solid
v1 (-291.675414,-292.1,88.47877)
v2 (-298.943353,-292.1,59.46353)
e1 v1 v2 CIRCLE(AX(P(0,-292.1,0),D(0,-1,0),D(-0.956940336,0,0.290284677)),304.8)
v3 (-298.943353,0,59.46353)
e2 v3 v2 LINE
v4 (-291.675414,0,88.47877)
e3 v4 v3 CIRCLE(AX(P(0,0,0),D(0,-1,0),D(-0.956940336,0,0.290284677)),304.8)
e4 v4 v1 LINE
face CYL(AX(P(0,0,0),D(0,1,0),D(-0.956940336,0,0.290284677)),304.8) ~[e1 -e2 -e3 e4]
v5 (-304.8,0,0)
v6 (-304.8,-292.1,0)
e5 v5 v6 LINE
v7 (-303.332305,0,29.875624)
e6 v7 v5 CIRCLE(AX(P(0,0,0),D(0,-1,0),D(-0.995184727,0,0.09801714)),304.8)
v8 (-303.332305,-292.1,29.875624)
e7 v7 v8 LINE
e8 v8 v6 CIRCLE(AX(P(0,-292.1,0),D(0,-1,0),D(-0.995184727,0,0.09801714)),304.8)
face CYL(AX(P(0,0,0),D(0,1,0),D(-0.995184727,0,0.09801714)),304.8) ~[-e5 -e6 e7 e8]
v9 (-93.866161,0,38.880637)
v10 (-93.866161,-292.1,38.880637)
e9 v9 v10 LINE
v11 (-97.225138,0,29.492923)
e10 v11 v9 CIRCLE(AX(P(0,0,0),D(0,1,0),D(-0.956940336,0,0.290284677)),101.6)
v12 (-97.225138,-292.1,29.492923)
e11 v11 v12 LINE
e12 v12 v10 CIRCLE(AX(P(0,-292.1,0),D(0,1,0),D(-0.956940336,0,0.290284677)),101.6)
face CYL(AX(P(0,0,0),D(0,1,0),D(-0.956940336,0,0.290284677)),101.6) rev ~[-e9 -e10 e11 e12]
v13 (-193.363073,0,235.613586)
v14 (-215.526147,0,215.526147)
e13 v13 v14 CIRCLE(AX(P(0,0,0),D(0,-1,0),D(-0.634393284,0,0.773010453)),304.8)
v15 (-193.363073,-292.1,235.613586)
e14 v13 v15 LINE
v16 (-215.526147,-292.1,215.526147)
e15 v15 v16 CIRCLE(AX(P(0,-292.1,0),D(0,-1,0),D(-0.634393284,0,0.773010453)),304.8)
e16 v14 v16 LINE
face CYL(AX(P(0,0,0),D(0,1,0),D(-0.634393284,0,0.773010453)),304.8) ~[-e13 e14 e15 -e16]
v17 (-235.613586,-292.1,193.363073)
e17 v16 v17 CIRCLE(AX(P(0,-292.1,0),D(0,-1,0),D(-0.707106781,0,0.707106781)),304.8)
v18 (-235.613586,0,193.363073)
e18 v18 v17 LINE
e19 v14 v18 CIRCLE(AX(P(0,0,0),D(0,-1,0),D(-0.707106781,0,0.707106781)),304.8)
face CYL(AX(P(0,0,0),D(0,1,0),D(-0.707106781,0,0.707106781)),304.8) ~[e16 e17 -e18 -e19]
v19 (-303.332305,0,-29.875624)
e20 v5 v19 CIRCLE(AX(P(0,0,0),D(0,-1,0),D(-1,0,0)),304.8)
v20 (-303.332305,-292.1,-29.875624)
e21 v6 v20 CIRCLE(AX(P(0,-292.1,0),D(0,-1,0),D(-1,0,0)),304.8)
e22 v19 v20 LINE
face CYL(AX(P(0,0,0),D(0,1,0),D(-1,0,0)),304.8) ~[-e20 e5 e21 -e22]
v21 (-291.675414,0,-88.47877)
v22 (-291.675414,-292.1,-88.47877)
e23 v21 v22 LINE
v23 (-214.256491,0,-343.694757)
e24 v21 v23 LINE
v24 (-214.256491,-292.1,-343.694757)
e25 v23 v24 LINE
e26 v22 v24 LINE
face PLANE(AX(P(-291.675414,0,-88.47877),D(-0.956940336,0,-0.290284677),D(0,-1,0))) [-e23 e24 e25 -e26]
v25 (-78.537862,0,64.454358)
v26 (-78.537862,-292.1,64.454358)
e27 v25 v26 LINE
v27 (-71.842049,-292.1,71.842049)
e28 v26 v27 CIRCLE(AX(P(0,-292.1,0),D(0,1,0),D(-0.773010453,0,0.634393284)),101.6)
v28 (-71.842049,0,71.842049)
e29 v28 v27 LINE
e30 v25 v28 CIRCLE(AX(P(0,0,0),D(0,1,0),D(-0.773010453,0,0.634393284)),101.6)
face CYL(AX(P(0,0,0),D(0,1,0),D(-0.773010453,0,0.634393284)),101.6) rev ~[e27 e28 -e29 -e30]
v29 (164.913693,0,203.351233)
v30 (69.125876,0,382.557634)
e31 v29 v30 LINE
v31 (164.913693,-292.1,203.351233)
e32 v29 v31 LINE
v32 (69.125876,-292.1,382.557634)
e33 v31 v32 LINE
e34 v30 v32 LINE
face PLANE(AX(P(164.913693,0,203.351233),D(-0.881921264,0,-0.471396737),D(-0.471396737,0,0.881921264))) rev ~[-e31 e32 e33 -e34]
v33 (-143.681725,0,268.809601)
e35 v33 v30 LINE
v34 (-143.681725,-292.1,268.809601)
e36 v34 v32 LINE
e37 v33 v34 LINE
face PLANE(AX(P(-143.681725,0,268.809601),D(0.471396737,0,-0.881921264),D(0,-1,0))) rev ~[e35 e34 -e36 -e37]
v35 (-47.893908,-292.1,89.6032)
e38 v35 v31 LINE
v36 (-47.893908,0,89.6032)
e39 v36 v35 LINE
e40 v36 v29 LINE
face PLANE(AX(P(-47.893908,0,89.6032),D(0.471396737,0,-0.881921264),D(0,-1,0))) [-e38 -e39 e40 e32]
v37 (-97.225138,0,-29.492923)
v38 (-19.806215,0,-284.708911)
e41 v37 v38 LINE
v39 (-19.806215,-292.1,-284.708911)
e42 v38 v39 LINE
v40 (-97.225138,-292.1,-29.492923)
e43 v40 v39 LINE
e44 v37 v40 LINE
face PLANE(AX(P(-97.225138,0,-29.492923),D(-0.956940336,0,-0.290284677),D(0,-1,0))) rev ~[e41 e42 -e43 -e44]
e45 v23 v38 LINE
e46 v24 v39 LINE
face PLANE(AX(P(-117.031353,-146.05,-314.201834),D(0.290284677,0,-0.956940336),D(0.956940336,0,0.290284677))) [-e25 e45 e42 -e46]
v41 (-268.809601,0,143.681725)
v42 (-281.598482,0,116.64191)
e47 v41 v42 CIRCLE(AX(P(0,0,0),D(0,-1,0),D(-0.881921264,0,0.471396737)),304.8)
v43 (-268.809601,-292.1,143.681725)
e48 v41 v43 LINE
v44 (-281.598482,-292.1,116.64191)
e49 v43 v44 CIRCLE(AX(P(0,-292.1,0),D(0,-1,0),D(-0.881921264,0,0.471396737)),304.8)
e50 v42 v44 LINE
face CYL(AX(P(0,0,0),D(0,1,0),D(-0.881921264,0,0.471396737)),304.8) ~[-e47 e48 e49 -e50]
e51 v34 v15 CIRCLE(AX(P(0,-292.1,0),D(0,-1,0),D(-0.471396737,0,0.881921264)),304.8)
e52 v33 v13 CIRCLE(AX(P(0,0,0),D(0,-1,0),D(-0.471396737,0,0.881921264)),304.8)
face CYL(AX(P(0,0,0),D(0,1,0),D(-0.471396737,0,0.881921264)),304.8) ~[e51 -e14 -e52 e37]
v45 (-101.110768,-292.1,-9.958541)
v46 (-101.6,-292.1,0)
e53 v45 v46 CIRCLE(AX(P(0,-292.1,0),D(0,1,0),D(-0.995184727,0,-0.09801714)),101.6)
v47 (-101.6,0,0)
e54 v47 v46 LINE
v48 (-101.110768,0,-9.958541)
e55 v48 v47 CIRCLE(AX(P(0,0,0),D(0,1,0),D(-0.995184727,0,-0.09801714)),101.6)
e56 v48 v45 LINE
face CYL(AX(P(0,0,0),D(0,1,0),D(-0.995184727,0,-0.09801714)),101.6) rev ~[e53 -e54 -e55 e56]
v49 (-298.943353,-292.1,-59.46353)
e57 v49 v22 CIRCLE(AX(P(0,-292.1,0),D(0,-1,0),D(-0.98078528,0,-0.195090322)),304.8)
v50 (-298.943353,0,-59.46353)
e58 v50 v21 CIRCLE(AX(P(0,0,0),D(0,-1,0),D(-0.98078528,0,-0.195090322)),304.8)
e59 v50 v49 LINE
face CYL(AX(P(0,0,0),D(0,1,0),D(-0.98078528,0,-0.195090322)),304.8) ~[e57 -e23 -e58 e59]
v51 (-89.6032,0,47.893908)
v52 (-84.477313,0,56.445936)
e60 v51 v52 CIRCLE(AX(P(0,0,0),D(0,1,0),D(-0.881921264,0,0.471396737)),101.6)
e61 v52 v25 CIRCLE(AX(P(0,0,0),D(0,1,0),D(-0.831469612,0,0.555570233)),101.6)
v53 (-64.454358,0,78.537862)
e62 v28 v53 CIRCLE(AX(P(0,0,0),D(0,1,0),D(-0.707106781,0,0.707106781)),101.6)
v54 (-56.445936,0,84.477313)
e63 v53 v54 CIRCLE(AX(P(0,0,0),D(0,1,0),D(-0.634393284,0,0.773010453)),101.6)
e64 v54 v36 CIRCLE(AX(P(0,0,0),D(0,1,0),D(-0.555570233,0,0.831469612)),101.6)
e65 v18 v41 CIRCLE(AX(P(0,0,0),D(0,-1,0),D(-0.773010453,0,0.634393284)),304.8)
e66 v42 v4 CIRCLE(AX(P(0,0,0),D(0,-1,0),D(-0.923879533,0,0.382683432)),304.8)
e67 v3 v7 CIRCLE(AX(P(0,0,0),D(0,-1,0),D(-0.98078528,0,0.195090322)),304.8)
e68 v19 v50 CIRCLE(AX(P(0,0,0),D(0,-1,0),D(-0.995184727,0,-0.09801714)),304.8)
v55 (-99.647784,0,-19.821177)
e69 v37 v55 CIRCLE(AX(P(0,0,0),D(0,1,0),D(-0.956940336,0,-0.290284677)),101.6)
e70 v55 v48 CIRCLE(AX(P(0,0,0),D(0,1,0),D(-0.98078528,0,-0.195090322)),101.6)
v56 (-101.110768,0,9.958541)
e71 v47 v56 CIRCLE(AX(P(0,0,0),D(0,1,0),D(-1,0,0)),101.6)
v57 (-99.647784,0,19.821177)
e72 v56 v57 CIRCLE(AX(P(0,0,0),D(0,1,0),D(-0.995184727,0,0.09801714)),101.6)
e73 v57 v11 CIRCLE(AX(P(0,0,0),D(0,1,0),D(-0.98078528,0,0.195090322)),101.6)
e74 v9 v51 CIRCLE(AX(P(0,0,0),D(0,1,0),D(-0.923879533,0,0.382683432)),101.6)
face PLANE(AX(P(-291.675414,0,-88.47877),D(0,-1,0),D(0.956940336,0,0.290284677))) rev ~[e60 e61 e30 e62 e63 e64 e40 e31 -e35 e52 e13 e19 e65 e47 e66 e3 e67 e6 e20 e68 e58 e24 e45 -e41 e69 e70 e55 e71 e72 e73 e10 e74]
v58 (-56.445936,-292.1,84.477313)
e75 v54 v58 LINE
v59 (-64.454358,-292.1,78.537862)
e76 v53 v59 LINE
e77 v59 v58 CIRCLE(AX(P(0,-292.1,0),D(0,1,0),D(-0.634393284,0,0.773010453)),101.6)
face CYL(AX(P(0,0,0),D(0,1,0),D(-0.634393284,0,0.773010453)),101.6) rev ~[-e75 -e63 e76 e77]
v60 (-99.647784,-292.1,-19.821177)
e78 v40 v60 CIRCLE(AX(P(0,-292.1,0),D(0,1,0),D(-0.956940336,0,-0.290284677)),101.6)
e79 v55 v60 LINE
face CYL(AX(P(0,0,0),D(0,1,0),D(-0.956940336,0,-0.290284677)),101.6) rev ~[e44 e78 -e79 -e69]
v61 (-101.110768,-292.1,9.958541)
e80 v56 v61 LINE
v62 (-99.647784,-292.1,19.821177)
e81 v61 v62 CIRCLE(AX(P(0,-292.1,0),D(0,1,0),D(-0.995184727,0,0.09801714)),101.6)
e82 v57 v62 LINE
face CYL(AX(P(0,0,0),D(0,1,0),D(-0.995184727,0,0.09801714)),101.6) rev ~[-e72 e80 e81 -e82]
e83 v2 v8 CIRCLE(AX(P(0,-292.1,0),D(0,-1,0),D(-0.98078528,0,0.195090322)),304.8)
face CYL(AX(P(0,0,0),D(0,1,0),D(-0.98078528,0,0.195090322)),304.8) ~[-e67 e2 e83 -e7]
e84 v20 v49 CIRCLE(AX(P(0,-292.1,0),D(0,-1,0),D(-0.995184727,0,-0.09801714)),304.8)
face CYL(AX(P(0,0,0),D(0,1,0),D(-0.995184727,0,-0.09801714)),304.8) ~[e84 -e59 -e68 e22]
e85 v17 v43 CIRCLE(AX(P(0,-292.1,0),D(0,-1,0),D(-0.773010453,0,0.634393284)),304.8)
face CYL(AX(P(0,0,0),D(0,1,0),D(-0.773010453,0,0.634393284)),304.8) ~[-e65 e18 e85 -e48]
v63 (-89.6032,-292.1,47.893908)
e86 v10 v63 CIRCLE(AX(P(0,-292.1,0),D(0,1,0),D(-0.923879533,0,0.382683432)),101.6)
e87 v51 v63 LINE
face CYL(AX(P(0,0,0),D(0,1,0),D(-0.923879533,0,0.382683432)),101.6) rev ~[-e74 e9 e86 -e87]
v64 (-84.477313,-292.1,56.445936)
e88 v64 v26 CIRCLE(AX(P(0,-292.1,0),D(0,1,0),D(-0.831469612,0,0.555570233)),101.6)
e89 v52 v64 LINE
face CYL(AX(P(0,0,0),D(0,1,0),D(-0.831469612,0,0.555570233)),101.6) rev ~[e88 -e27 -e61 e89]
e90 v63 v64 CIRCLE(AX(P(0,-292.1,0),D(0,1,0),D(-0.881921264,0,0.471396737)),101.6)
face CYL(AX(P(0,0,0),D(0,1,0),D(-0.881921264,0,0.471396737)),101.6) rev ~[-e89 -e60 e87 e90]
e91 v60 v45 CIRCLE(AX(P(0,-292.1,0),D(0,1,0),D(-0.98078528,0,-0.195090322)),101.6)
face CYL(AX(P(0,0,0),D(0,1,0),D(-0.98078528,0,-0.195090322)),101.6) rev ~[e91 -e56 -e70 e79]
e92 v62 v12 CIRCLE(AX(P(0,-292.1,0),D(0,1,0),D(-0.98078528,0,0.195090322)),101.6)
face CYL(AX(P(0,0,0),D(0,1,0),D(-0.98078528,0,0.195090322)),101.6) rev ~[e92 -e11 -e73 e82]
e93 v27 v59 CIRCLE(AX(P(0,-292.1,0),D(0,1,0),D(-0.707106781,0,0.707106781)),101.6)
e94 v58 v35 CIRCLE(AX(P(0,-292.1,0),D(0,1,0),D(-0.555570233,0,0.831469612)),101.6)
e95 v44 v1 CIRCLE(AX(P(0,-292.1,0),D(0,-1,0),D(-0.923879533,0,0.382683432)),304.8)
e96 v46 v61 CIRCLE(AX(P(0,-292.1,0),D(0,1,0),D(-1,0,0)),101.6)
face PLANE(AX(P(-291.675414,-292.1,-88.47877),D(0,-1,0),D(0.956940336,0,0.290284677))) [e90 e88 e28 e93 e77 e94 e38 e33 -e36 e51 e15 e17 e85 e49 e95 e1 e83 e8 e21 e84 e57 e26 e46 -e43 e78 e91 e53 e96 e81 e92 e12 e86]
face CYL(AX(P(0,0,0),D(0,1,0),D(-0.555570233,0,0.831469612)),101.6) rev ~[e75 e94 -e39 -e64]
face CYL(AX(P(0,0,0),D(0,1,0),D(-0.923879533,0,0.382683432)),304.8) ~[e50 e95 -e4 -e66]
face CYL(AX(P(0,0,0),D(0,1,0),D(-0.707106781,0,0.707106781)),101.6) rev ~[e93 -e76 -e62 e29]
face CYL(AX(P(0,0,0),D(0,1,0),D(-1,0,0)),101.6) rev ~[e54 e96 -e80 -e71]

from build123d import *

# Parameters (mm, degrees)
F1_DEPTH = 292.1
F3_DEPTH = 241.3
F4_W     = 203.2
F4_H     = 292.1
F5_DEPTH = 266.7


with BuildPart() as f1:
    # F0 (on Front) → F1 (new body)
    with BuildSketch(Plane.XZ):
        with BuildLine():
            Line((-169.3378070244, 253.4319378298), (-56.4459356748, 84.4773126099))
            ThreePointArc((-56.4459356748, 84.4773126099), (-52.23283881, 87.145226776), (-47.8939084615, 89.6032004578))
            Line((-47.8939084615, 89.6032004578), (-143.6817253846, 268.8096013734))
            ThreePointArc((-143.6817253846, 268.8096013734), (-156.6985164301, 261.4356803281), (-169.3378070244, 253.4319378298))
        make_face()
        with BuildLine():
            Line((-304.8, 0), (-101.6, 0))
            ThreePointArc((-101.6, 0), (-101.4776183504, 4.9852757117), (-101.1107682299, 9.9585414575))
            Line((-101.1107682299, 9.9585414575), (-303.3323046897, 29.8756243725))
            ThreePointArc((-303.3323046897, 29.8756243725), (-304.4328550513, 14.955827135), (-304.8, 0))
        make_face()
        with BuildLine():
            ThreePointArc((-101.1107682299, 9.9585414575), (-100.5003334124, 14.9078162047), (-99.647784489, 19.8211767168))
            Line((-99.647784489, 19.8211767168), (-298.9433534669, 59.4635301505))
            ThreePointArc((-298.9433534669, 59.4635301505), (-301.5010002373, 44.723448614), (-303.3323046897, 29.8756243725))
            Line((-303.3323046897, 29.8756243725), (-101.1107682299, 9.9585414575))
        make_face()
        with BuildLine():
            Line((-193.3630730131, 235.613586185), (-64.454357671, 78.5378620617))
            ThreePointArc((-64.454357671, 78.5378620617), (-60.5230493364, 81.6058851984), (-56.4459356748, 84.4773126099))
            Line((-56.4459356748, 84.4773126099), (-169.3378070244, 253.4319378298))
            ThreePointArc((-169.3378070244, 253.4319378298), (-181.5691480093, 244.8176555953), (-193.3630730131, 235.613586185))
        make_face()
        with BuildLine():
            Line((-303.3323046897, -29.8756243724), (-101.1107682299, -9.9585414575))
            ThreePointArc((-101.1107682299, -9.9585414575), (-101.4776183504, -4.9852757117), (-101.6, 0))
            Line((-101.6, 0), (-304.8, 0))
            ThreePointArc((-304.8, 0), (-304.4328550513, -14.955827135), (-303.3323046897, -29.8756243724))
        make_face()
        with BuildLine():
            Line((-215.5261469057, 215.5261469057), (-71.8420489686, 71.8420489686))
            ThreePointArc((-71.8420489686, 71.8420489686), (-68.2303898125, 75.2806343361), (-64.454357671, 78.5378620617))
            Line((-64.454357671, 78.5378620617), (-193.3630730131, 235.613586185))
            ThreePointArc((-193.3630730131, 235.613586185), (-204.6911694374, 225.8419030082), (-215.5261469057, 215.5261469057))
        make_face()
        with BuildLine():
            ThreePointArc((-99.647784489, -19.8211767168), (-100.5003334124, -14.9078162047), (-101.1107682299, -9.9585414575))
            Line((-101.1107682299, -9.9585414575), (-303.3323046897, -29.8756243724))
            ThreePointArc((-303.3323046897, -29.8756243724), (-301.5010002373, -44.723448614), (-298.9433534669, -59.4635301505))
            Line((-298.9433534669, -59.4635301505), (-99.647784489, -19.8211767168))
        make_face()
        with BuildLine():
            Line((-235.613586185, 193.3630730131), (-78.5378620617, 64.454357671))
            ThreePointArc((-78.5378620617, 64.454357671), (-75.2806343361, 68.2303898125), (-71.8420489686, 71.8420489686))
            Line((-71.8420489686, 71.8420489686), (-215.5261469057, 215.5261469057))
            ThreePointArc((-215.5261469057, 215.5261469057), (-225.8419030082, 204.6911694374), (-235.613586185, 193.3630730131))
        make_face()
        with BuildLine():
            Line((-291.6754143312, -88.4787696272), (-97.2251381104, -29.4929232091))
            ThreePointArc((-97.2251381104, -29.4929232091), (-98.5551753246, -24.6867862782), (-99.647784489, -19.8211767168))
            Line((-99.647784489, -19.8211767168), (-298.9433534669, -59.4635301505))
            ThreePointArc((-298.9433534669, -59.4635301505), (-295.6655259737, -74.0603588345), (-291.6754143312, -88.4787696272))
        make_face()
        with BuildLine():
            Line((-268.8096013734, 143.6817253846), (-89.6032004578, 47.8939084615))
            ThreePointArc((-89.6032004578, 47.8939084615), (-87.145226776, 52.23283881), (-84.4773126099, 56.4459356748))
            Line((-84.4773126099, 56.4459356748), (-253.4319378298, 169.3378070244))
            ThreePointArc((-253.4319378298, 169.3378070244), (-261.4356803281, 156.6985164301), (-268.8096013734, 143.6817253846))
        make_face()
        with BuildLine():
            Line((-281.5984815094, 116.6419101849), (-93.8661605031, 38.8806367283))
            ThreePointArc((-93.8661605031, 38.8806367283), (-91.8453121813, 43.4395974925), (-89.6032004578, 47.8939084615))
            Line((-89.6032004578, 47.8939084615), (-268.8096013734, 143.6817253846))
            ThreePointArc((-268.8096013734, 143.6817253846), (-275.535936544, 130.3187924776), (-281.5984815094, 116.6419101849))
        make_face()
        with BuildLine():
            ThreePointArc((-97.2251381104, 29.4929232091), (-95.6608770226, 34.2280091047), (-93.8661605031, 38.8806367283))
            Line((-93.8661605031, 38.8806367283), (-281.5984815094, 116.6419101849))
            ThreePointArc((-281.5984815094, 116.6419101849), (-286.9826310678, 102.6840273139), (-291.6754143312, 88.4787696272))
            Line((-291.6754143312, 88.4787696272), (-97.2251381104, 29.4929232091))
        make_face()
        with BuildLine():
            Line((-253.4319378298, 169.3378070244), (-84.4773126099, 56.4459356748))
            ThreePointArc((-84.4773126099, 56.4459356748), (-81.6058851984, 60.5230493364), (-78.5378620617, 64.454357671))
            Line((-78.5378620617, 64.454357671), (-235.613586185, 193.3630730131))
            ThreePointArc((-235.613586185, 193.3630730131), (-244.8176555953, 181.5691480093), (-253.4319378298, 169.3378070244))
        make_face()
        with BuildLine():
            Line((-298.9433534669, 59.4635301505), (-99.647784489, 19.8211767168))
            ThreePointArc((-99.647784489, 19.8211767168), (-98.5551753246, 24.6867862782), (-97.2251381104, 29.4929232091))
            Line((-97.2251381104, 29.4929232091), (-291.6754143312, 88.4787696272))
            ThreePointArc((-291.6754143312, 88.4787696272), (-295.6655259737, 74.0603588345), (-298.9433534669, 59.4635301505))
        make_face()
    extrude(amount=F1_DEPTH)

    # F3 (add): a face of the model
    f3_faces = [f1.faces().sort_by_distance(p)[0] for p in [
        (-95.787816923, -146.05, 179.2064009156),
    ]]
    extrude(f3_faces, amount=F3_DEPTH)

    # F4 (on face) → F5 (join)
    with BuildSketch(Plane(origin=(0, 0, 0), x_dir=(0.9569403357, 0, 0.2902846773), z_dir=(0.2902846773, 0, -0.9569403357))):
        with Locations((-203.2, 146.05)):
            Rectangle(F4_W, F4_H)
    extrude(amount=F5_DEPTH)


solid = f1.part
